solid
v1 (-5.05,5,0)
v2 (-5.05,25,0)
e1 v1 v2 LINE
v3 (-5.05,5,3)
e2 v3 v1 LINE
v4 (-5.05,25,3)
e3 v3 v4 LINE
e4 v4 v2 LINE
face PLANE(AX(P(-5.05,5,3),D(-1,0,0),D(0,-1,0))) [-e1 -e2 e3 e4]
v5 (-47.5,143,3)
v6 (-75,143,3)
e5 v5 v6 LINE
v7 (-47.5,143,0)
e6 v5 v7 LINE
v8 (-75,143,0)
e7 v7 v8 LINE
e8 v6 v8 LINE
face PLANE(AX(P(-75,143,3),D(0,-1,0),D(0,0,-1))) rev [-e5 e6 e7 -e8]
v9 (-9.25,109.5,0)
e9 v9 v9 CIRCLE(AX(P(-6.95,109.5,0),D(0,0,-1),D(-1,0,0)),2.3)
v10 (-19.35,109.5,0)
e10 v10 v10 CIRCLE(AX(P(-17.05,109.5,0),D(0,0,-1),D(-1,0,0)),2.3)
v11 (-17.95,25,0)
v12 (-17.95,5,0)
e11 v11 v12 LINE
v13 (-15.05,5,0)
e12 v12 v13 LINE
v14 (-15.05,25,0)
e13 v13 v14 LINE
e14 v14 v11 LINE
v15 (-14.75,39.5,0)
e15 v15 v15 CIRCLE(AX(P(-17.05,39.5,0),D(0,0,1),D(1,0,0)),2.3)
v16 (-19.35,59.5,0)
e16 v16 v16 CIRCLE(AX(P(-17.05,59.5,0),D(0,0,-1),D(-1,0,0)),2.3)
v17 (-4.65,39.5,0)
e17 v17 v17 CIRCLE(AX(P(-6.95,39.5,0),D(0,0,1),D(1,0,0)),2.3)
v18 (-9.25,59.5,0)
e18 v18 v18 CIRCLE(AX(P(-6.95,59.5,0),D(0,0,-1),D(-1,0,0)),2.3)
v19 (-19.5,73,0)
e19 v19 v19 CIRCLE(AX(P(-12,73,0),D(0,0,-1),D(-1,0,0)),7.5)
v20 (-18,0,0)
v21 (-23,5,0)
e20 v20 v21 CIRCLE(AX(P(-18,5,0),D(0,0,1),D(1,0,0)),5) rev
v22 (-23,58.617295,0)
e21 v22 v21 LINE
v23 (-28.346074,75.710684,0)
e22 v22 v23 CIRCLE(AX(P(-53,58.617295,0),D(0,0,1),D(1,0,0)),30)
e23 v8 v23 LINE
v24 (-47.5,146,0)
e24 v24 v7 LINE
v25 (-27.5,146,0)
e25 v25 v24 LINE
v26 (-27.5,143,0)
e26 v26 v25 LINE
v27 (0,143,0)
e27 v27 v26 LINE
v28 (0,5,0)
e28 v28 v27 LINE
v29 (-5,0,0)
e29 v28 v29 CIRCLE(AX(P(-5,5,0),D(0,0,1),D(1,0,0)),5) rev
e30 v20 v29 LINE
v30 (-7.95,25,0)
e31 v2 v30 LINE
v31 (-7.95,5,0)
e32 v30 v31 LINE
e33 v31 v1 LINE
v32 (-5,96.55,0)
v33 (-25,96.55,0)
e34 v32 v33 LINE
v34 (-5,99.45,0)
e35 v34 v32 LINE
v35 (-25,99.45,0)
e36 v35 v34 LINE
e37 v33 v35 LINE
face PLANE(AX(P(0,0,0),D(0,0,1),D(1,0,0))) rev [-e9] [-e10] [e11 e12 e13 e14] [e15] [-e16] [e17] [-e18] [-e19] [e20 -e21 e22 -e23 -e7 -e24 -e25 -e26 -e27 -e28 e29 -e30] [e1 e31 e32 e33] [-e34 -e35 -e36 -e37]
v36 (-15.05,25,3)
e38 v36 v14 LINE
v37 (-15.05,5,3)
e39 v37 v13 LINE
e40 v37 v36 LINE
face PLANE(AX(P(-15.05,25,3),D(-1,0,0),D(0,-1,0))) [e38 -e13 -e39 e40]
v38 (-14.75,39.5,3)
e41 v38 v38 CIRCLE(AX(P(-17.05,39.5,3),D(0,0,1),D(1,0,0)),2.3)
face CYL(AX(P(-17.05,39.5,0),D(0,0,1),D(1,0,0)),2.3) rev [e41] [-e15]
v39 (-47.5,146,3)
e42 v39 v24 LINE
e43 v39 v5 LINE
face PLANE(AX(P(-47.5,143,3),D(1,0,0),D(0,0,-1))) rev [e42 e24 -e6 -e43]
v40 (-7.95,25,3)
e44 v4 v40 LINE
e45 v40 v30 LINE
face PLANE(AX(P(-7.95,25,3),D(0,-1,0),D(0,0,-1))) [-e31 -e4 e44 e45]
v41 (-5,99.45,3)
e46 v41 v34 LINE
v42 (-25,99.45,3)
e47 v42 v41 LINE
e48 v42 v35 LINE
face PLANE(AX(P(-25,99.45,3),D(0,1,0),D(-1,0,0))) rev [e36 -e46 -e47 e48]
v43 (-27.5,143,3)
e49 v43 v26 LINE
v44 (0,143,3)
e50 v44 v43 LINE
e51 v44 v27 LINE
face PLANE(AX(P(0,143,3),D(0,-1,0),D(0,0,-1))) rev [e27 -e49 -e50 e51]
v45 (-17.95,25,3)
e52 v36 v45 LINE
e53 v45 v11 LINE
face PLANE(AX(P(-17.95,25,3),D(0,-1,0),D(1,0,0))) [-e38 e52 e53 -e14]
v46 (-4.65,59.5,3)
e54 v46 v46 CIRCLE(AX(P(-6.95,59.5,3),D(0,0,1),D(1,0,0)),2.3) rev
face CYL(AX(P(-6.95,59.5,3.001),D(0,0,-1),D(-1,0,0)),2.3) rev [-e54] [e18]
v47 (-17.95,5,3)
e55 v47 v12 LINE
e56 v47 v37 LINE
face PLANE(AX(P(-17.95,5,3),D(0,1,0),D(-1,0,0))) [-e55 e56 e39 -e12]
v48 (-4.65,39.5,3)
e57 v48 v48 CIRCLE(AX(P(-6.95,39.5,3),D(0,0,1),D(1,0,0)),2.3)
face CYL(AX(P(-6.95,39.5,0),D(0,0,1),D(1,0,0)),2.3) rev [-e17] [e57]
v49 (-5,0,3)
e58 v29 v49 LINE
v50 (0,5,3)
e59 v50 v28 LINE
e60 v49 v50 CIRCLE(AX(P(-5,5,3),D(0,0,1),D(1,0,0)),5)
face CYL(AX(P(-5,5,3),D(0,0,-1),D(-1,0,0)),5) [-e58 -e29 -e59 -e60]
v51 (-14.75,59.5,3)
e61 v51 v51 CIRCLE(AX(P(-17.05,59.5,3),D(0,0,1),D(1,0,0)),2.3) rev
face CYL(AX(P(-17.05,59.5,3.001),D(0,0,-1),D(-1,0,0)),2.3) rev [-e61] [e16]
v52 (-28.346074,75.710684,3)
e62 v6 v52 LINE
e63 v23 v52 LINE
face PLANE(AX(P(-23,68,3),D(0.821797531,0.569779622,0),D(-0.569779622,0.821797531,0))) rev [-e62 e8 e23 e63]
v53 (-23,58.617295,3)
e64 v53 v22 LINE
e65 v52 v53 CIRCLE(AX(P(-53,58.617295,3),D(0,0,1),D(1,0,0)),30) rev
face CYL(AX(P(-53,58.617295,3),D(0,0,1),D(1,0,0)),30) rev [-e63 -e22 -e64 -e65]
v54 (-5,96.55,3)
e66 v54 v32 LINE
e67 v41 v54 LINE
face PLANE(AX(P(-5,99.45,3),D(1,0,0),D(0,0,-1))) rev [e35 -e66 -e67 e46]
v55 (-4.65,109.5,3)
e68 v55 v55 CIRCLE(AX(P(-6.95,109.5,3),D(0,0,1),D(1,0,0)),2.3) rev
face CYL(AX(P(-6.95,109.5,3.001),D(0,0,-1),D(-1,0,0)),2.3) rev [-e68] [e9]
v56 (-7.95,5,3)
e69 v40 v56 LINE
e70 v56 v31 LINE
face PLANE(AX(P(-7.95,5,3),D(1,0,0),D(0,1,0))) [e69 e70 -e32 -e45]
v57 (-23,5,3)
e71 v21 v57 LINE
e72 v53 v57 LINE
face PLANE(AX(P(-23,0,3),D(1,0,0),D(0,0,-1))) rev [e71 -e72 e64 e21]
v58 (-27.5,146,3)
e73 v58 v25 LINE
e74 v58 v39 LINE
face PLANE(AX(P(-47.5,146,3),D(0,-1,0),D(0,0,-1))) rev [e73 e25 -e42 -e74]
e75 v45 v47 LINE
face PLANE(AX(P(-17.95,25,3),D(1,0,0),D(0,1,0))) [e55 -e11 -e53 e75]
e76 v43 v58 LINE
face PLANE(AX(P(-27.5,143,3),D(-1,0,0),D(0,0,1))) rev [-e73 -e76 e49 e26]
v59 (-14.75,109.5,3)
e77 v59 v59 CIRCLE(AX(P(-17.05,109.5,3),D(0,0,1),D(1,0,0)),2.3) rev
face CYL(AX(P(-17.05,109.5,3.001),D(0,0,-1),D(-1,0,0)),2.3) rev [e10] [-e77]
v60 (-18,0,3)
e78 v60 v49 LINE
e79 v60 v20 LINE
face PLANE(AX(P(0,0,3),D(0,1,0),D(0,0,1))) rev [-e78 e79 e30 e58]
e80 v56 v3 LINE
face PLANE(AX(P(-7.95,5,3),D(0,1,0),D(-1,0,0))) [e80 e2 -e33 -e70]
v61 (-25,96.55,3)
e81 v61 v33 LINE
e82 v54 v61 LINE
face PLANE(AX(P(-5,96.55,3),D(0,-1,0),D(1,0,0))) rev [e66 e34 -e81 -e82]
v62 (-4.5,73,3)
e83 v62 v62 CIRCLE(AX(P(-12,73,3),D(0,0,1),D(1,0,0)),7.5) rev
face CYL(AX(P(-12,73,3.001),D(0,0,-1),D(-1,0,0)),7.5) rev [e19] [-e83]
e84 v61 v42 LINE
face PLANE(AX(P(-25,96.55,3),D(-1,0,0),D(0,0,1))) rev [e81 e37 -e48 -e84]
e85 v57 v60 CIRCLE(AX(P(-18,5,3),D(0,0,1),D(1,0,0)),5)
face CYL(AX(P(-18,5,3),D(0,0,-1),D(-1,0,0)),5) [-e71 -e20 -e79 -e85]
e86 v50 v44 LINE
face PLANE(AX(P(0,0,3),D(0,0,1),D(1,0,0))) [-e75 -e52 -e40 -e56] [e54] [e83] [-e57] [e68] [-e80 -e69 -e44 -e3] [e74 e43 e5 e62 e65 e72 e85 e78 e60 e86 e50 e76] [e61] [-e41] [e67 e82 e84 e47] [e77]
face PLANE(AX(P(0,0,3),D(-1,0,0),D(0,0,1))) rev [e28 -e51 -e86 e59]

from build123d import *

# Parameters (mm, degrees)
SKETCH1_W           = 2.9
SKETCH1_H           = 20
BOSS_EXTRUDE1_DEPTH = 3
FILLET1_R           = 5
FILLET2_R           = 30
CUT_EXTRUDE1_REACH  = 5
SKETCH3_R           = 7.5
SKETCH3_R_2         = 2.3
SKETCH5_W           = 20
SKETCH5_H           = 2.9
CUT_EXTRUDE2_DEPTH  = 3
SKETCH6_R           = 2.3
CUT_EXTRUDE3_DEPTH  = 3


with BuildPart() as part:
    # Sketch1 → Boss-Extrude1 (new body)
    with BuildSketch(Plane.XY):
        Polygon((0, 0), (-23, 0), (-23, 68), (-75, 143), (-47.5, 143), (-47.5, 146), (-27.5, 146), (-27.5, 143), (0, 143), align=None)
        with Locations((-16.5, 15)):
            Rectangle(SKETCH1_W, SKETCH1_H, mode=Mode.SUBTRACT)
        with Locations((-6.5, 15)):
            Rectangle(SKETCH1_W, SKETCH1_H, mode=Mode.SUBTRACT)
    extrude(amount=BOSS_EXTRUDE1_DEPTH)

    # Fillet1
    fillet1_edges = [part.edges().sort_by_distance(p)[0] for p in [
        (0, 0, 1.5),
        (-23, 0, 1.5),
    ]]
    fillet(fillet1_edges, radius=FILLET1_R)

    # Fillet2
    fillet2_edges = [part.edges().sort_by_distance(p)[0] for p in [
        (-23, 68, 1.5),
    ]]
    fillet(fillet2_edges, radius=FILLET2_R)

    # Sketch3 → Cut-Extrude1 (cut, up to next)
    with BuildSketch(Plane(origin=(0, 0, 0), x_dir=(-1, 0, 0), z_dir=(0, 0, -1)), mode=Mode.PRIVATE) as cut_extrude1_sk1:
        with Locations((12, 73)):
            Circle(SKETCH3_R)
    cut_extrude1_tool1 = extrude(cut_extrude1_sk1.sketch, amount=-CUT_EXTRUDE1_REACH, mode=Mode.PRIVATE) & part.part
    add(cut_extrude1_tool1.solids().sort_by_distance((-12, 73, 0))[0], mode=Mode.SUBTRACT)
    # Sketch3 → Cut-Extrude1 (cut, up to next)
    with BuildSketch(Plane(origin=(0, 0, 0), x_dir=(-1, 0, 0), z_dir=(0, 0, -1)), mode=Mode.PRIVATE) as cut_extrude1_sk2:
        with Locations((17.05, 59.5)):
            Circle(SKETCH3_R_2)
    cut_extrude1_tool2 = extrude(cut_extrude1_sk2.sketch, amount=-CUT_EXTRUDE1_REACH, mode=Mode.PRIVATE) & part.part
    add(cut_extrude1_tool2.solids().sort_by_distance((-17.05, 59.5, 0))[0], mode=Mode.SUBTRACT)
    # Sketch3 → Cut-Extrude1 (cut, up to next)
    with BuildSketch(Plane(origin=(0, 0, 0), x_dir=(-1, 0, 0), z_dir=(0, 0, -1)), mode=Mode.PRIVATE) as cut_extrude1_sk3:
        with Locations((6.95, 59.5)):
            Circle(SKETCH3_R_2)
    cut_extrude1_tool3 = extrude(cut_extrude1_sk3.sketch, amount=-CUT_EXTRUDE1_REACH, mode=Mode.PRIVATE) & part.part
    add(cut_extrude1_tool3.solids().sort_by_distance((-6.95, 59.5, 0))[0], mode=Mode.SUBTRACT)
    # Sketch3 → Cut-Extrude1 (cut, up to next)
    with BuildSketch(Plane(origin=(0, 0, 0), x_dir=(-1, 0, 0), z_dir=(0, 0, -1)), mode=Mode.PRIVATE) as cut_extrude1_sk4:
        with Locations((17.05, 109.5)):
            Circle(SKETCH3_R_2)
    cut_extrude1_tool4 = extrude(cut_extrude1_sk4.sketch, amount=-CUT_EXTRUDE1_REACH, mode=Mode.PRIVATE) & part.part
    add(cut_extrude1_tool4.solids().sort_by_distance((-17.05, 109.5, 0))[0], mode=Mode.SUBTRACT)
    # Sketch3 → Cut-Extrude1 (cut, up to next)
    with BuildSketch(Plane(origin=(0, 0, 0), x_dir=(-1, 0, 0), z_dir=(0, 0, -1)), mode=Mode.PRIVATE) as cut_extrude1_sk5:
        with Locations((6.95, 109.5)):
            Circle(SKETCH3_R_2)
    cut_extrude1_tool5 = extrude(cut_extrude1_sk5.sketch, amount=-CUT_EXTRUDE1_REACH, mode=Mode.PRIVATE) & part.part
    add(cut_extrude1_tool5.solids().sort_by_distance((-6.95, 109.5, 0))[0], mode=Mode.SUBTRACT)

    # Sketch5 → Cut-Extrude2 (cut)
    with BuildSketch(Plane(origin=(0, 0, 0), x_dir=(-1, 0, 0), z_dir=(0, 0, -1))):
        with Locations((15, 98)):
            Rectangle(SKETCH5_W, SKETCH5_H)
    extrude(amount=-CUT_EXTRUDE2_DEPTH, mode=Mode.SUBTRACT)

    # Sketch6 → Cut-Extrude3 (cut)
    with BuildSketch(Plane.XY.offset(3)):
        with Locations((-17.05, 39.5)):
            Circle(SKETCH6_R)
        with Locations((-6.95, 39.5)):
            Circle(SKETCH6_R)
    extrude(amount=-CUT_EXTRUDE3_DEPTH, mode=Mode.SUBTRACT)


solid = part.part
